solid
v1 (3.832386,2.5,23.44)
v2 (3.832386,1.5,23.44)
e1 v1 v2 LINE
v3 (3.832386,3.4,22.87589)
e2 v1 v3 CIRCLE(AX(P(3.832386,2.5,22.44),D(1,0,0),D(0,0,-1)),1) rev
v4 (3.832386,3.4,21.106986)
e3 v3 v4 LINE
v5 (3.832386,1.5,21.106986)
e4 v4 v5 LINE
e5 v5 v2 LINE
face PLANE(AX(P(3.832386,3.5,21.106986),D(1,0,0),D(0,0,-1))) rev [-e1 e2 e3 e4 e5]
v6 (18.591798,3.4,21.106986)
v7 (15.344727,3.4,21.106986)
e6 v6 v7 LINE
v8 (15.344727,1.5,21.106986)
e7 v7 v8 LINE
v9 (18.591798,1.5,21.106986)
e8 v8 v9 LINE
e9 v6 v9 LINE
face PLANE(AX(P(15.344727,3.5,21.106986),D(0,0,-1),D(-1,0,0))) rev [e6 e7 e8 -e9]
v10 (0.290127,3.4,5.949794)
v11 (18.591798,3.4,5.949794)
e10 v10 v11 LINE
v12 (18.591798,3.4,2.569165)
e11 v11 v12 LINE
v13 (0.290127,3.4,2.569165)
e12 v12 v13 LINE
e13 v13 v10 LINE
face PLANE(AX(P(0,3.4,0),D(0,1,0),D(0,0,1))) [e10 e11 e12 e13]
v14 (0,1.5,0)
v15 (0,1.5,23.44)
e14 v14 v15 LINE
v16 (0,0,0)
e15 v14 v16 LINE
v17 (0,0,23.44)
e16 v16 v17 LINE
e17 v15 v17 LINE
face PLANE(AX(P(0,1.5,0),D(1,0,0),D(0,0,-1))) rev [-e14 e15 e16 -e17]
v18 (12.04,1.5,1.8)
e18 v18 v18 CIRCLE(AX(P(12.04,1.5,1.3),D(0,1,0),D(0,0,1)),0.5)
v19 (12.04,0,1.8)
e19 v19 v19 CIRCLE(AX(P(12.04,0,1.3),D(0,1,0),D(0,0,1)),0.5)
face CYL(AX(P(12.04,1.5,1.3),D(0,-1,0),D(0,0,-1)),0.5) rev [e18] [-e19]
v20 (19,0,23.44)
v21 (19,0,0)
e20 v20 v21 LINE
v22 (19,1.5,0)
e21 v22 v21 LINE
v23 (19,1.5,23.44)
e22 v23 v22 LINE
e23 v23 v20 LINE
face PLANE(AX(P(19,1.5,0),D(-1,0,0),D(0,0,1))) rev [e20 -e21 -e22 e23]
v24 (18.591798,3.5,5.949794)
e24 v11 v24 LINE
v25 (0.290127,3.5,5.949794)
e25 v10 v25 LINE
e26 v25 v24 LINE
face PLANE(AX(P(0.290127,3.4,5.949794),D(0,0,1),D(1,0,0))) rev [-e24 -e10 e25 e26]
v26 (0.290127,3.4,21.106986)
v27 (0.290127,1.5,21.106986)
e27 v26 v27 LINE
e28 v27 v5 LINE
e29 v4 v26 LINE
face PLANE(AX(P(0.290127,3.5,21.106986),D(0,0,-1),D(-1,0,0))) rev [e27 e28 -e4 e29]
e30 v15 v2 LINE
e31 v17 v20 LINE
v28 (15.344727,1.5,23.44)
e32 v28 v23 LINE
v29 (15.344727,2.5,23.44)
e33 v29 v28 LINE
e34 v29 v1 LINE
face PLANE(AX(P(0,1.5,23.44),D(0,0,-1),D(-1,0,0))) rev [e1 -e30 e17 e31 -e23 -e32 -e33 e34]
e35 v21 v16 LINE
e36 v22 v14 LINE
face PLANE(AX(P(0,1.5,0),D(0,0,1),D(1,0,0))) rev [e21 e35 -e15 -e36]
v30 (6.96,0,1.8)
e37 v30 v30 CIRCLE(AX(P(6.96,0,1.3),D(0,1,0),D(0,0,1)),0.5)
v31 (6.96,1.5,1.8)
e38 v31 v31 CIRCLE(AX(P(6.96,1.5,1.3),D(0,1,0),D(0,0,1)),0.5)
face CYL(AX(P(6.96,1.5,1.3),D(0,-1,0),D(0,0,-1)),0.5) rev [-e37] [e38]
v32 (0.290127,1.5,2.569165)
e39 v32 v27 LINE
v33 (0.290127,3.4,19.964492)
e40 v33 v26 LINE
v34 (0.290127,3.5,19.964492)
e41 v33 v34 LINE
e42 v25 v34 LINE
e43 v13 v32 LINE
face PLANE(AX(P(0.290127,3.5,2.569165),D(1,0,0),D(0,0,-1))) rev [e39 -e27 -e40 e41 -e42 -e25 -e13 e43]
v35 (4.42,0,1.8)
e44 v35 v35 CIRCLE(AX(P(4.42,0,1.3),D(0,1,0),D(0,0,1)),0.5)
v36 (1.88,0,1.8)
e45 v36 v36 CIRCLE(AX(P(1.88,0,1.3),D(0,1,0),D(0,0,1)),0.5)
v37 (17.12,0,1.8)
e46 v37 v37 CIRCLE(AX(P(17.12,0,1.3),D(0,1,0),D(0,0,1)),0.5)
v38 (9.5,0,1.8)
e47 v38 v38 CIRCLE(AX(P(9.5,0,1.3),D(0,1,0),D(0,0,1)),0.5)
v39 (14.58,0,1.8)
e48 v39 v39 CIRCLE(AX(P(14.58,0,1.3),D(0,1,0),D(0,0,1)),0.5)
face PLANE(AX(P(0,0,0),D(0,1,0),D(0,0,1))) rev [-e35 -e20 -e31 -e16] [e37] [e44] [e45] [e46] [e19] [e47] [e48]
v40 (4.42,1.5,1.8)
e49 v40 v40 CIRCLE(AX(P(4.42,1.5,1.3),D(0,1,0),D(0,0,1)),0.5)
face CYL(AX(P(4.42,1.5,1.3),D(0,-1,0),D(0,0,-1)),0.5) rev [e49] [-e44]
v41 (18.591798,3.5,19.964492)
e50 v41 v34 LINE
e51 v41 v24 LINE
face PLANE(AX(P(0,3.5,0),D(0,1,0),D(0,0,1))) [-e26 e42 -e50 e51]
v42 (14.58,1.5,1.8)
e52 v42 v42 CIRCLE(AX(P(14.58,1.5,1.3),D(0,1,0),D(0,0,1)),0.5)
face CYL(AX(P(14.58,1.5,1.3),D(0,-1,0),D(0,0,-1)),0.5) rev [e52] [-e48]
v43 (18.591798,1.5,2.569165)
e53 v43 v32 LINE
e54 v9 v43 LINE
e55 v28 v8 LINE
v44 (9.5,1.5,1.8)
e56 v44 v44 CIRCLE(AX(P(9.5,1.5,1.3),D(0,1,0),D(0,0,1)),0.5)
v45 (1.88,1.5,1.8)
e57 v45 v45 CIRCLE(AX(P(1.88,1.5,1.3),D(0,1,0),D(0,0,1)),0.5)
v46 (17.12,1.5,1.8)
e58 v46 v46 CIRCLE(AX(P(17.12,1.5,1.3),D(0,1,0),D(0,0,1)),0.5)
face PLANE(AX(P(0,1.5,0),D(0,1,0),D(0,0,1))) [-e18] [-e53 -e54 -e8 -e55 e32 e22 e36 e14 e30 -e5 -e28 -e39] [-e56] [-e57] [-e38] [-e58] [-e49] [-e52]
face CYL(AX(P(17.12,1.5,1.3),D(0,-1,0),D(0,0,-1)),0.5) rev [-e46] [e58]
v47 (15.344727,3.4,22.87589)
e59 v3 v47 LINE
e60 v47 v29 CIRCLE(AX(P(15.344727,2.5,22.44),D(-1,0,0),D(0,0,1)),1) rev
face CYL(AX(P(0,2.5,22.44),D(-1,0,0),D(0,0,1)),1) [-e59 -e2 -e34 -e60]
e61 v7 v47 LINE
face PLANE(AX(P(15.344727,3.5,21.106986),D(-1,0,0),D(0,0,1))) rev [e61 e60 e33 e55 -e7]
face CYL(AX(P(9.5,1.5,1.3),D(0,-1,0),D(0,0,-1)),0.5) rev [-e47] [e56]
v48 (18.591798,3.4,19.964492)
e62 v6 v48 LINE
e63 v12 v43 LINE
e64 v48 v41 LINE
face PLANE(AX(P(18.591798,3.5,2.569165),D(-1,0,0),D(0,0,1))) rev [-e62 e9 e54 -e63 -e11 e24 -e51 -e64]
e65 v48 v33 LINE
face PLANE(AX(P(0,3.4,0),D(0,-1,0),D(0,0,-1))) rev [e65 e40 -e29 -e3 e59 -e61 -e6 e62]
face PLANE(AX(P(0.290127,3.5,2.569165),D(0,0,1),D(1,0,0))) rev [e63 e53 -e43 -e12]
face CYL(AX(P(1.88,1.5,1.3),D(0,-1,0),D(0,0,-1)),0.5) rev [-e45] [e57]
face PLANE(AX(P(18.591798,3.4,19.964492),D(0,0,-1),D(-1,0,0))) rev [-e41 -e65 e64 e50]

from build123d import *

# Parameters (mm, degrees)
SKETCH1_W           = 19
SKETCH1_H           = 23.44
SKETCH1_R           = 0.5
BOSS_EXTRUDE1_DEPTH = 1.5
BOSS_EXTRUDE2_DEPTH = 2
FILLET1_R           = 1
SKETCH4_W           = 18.301670477
SKETCH4_H           = 3.380629264
SKETCH4_H_2         = 3.475508354
CUT_EXTRUDE1_DEPTH  = 0.1


with BuildPart() as part:
    # Sketch1 → Boss-Extrude1 (new body)
    with BuildSketch(Plane(origin=(0, 0, 0), x_dir=(1, 0, 0), z_dir=(0, 1, 0))):
        with Locations((9.5, -11.72)):
            Rectangle(SKETCH1_W, SKETCH1_H)
        with Locations((1.88, -1.3)):
            Circle(SKETCH1_R, mode=Mode.SUBTRACT)
        with Locations((4.42, -1.3)):
            Circle(SKETCH1_R, mode=Mode.SUBTRACT)
        with Locations((6.96, -1.3)):
            Circle(SKETCH1_R, mode=Mode.SUBTRACT)
        with Locations((9.5, -1.3)):
            Circle(SKETCH1_R, mode=Mode.SUBTRACT)
        with Locations((12.04, -1.3)):
            Circle(SKETCH1_R, mode=Mode.SUBTRACT)
        with Locations((14.58, -1.3)):
            Circle(SKETCH1_R, mode=Mode.SUBTRACT)
        with Locations((17.12, -1.3)):
            Circle(SKETCH1_R, mode=Mode.SUBTRACT)
    extrude(amount=BOSS_EXTRUDE1_DEPTH)

    # Sketch3 → Boss-Extrude2 (add)
    with BuildSketch(Plane(origin=(0, 1.5, 0), x_dir=(1, 0, 0), z_dir=(0, 1, 0))):
        Polygon((3.832385917, -21.106985825), (3.832385917, -23.44), (15.344727023, -23.44), (15.344727023, -21.106985825), (18.591797592, -21.106985825), (18.591797592, -2.569164761), (0.290127115, -2.569164761), (0.290127115, -21.106985825), align=None)
    extrude(amount=BOSS_EXTRUDE2_DEPTH)

    # Fillet1
    fillet1_edges = [part.edges().sort_by_distance(p)[0] for p in [
        (9.58855647, 3.5, 23.44),
    ]]
    fillet(fillet1_edges, radius=FILLET1_R)

    # Sketch4 → Cut-Extrude1 (cut)
    with BuildSketch(Plane(origin=(0, 3.5, 0), x_dir=(1, 0, 0), z_dir=(0, 1, 0))):
        with Locations((9.440962354, -4.259479393)):
            Rectangle(SKETCH4_W, SKETCH4_H)
        with Locations((9.440962354, -21.702245823)):
            Rectangle(SKETCH4_W, SKETCH4_H_2)
    extrude(amount=-CUT_EXTRUDE1_DEPTH, mode=Mode.SUBTRACT)


solid = part.part
